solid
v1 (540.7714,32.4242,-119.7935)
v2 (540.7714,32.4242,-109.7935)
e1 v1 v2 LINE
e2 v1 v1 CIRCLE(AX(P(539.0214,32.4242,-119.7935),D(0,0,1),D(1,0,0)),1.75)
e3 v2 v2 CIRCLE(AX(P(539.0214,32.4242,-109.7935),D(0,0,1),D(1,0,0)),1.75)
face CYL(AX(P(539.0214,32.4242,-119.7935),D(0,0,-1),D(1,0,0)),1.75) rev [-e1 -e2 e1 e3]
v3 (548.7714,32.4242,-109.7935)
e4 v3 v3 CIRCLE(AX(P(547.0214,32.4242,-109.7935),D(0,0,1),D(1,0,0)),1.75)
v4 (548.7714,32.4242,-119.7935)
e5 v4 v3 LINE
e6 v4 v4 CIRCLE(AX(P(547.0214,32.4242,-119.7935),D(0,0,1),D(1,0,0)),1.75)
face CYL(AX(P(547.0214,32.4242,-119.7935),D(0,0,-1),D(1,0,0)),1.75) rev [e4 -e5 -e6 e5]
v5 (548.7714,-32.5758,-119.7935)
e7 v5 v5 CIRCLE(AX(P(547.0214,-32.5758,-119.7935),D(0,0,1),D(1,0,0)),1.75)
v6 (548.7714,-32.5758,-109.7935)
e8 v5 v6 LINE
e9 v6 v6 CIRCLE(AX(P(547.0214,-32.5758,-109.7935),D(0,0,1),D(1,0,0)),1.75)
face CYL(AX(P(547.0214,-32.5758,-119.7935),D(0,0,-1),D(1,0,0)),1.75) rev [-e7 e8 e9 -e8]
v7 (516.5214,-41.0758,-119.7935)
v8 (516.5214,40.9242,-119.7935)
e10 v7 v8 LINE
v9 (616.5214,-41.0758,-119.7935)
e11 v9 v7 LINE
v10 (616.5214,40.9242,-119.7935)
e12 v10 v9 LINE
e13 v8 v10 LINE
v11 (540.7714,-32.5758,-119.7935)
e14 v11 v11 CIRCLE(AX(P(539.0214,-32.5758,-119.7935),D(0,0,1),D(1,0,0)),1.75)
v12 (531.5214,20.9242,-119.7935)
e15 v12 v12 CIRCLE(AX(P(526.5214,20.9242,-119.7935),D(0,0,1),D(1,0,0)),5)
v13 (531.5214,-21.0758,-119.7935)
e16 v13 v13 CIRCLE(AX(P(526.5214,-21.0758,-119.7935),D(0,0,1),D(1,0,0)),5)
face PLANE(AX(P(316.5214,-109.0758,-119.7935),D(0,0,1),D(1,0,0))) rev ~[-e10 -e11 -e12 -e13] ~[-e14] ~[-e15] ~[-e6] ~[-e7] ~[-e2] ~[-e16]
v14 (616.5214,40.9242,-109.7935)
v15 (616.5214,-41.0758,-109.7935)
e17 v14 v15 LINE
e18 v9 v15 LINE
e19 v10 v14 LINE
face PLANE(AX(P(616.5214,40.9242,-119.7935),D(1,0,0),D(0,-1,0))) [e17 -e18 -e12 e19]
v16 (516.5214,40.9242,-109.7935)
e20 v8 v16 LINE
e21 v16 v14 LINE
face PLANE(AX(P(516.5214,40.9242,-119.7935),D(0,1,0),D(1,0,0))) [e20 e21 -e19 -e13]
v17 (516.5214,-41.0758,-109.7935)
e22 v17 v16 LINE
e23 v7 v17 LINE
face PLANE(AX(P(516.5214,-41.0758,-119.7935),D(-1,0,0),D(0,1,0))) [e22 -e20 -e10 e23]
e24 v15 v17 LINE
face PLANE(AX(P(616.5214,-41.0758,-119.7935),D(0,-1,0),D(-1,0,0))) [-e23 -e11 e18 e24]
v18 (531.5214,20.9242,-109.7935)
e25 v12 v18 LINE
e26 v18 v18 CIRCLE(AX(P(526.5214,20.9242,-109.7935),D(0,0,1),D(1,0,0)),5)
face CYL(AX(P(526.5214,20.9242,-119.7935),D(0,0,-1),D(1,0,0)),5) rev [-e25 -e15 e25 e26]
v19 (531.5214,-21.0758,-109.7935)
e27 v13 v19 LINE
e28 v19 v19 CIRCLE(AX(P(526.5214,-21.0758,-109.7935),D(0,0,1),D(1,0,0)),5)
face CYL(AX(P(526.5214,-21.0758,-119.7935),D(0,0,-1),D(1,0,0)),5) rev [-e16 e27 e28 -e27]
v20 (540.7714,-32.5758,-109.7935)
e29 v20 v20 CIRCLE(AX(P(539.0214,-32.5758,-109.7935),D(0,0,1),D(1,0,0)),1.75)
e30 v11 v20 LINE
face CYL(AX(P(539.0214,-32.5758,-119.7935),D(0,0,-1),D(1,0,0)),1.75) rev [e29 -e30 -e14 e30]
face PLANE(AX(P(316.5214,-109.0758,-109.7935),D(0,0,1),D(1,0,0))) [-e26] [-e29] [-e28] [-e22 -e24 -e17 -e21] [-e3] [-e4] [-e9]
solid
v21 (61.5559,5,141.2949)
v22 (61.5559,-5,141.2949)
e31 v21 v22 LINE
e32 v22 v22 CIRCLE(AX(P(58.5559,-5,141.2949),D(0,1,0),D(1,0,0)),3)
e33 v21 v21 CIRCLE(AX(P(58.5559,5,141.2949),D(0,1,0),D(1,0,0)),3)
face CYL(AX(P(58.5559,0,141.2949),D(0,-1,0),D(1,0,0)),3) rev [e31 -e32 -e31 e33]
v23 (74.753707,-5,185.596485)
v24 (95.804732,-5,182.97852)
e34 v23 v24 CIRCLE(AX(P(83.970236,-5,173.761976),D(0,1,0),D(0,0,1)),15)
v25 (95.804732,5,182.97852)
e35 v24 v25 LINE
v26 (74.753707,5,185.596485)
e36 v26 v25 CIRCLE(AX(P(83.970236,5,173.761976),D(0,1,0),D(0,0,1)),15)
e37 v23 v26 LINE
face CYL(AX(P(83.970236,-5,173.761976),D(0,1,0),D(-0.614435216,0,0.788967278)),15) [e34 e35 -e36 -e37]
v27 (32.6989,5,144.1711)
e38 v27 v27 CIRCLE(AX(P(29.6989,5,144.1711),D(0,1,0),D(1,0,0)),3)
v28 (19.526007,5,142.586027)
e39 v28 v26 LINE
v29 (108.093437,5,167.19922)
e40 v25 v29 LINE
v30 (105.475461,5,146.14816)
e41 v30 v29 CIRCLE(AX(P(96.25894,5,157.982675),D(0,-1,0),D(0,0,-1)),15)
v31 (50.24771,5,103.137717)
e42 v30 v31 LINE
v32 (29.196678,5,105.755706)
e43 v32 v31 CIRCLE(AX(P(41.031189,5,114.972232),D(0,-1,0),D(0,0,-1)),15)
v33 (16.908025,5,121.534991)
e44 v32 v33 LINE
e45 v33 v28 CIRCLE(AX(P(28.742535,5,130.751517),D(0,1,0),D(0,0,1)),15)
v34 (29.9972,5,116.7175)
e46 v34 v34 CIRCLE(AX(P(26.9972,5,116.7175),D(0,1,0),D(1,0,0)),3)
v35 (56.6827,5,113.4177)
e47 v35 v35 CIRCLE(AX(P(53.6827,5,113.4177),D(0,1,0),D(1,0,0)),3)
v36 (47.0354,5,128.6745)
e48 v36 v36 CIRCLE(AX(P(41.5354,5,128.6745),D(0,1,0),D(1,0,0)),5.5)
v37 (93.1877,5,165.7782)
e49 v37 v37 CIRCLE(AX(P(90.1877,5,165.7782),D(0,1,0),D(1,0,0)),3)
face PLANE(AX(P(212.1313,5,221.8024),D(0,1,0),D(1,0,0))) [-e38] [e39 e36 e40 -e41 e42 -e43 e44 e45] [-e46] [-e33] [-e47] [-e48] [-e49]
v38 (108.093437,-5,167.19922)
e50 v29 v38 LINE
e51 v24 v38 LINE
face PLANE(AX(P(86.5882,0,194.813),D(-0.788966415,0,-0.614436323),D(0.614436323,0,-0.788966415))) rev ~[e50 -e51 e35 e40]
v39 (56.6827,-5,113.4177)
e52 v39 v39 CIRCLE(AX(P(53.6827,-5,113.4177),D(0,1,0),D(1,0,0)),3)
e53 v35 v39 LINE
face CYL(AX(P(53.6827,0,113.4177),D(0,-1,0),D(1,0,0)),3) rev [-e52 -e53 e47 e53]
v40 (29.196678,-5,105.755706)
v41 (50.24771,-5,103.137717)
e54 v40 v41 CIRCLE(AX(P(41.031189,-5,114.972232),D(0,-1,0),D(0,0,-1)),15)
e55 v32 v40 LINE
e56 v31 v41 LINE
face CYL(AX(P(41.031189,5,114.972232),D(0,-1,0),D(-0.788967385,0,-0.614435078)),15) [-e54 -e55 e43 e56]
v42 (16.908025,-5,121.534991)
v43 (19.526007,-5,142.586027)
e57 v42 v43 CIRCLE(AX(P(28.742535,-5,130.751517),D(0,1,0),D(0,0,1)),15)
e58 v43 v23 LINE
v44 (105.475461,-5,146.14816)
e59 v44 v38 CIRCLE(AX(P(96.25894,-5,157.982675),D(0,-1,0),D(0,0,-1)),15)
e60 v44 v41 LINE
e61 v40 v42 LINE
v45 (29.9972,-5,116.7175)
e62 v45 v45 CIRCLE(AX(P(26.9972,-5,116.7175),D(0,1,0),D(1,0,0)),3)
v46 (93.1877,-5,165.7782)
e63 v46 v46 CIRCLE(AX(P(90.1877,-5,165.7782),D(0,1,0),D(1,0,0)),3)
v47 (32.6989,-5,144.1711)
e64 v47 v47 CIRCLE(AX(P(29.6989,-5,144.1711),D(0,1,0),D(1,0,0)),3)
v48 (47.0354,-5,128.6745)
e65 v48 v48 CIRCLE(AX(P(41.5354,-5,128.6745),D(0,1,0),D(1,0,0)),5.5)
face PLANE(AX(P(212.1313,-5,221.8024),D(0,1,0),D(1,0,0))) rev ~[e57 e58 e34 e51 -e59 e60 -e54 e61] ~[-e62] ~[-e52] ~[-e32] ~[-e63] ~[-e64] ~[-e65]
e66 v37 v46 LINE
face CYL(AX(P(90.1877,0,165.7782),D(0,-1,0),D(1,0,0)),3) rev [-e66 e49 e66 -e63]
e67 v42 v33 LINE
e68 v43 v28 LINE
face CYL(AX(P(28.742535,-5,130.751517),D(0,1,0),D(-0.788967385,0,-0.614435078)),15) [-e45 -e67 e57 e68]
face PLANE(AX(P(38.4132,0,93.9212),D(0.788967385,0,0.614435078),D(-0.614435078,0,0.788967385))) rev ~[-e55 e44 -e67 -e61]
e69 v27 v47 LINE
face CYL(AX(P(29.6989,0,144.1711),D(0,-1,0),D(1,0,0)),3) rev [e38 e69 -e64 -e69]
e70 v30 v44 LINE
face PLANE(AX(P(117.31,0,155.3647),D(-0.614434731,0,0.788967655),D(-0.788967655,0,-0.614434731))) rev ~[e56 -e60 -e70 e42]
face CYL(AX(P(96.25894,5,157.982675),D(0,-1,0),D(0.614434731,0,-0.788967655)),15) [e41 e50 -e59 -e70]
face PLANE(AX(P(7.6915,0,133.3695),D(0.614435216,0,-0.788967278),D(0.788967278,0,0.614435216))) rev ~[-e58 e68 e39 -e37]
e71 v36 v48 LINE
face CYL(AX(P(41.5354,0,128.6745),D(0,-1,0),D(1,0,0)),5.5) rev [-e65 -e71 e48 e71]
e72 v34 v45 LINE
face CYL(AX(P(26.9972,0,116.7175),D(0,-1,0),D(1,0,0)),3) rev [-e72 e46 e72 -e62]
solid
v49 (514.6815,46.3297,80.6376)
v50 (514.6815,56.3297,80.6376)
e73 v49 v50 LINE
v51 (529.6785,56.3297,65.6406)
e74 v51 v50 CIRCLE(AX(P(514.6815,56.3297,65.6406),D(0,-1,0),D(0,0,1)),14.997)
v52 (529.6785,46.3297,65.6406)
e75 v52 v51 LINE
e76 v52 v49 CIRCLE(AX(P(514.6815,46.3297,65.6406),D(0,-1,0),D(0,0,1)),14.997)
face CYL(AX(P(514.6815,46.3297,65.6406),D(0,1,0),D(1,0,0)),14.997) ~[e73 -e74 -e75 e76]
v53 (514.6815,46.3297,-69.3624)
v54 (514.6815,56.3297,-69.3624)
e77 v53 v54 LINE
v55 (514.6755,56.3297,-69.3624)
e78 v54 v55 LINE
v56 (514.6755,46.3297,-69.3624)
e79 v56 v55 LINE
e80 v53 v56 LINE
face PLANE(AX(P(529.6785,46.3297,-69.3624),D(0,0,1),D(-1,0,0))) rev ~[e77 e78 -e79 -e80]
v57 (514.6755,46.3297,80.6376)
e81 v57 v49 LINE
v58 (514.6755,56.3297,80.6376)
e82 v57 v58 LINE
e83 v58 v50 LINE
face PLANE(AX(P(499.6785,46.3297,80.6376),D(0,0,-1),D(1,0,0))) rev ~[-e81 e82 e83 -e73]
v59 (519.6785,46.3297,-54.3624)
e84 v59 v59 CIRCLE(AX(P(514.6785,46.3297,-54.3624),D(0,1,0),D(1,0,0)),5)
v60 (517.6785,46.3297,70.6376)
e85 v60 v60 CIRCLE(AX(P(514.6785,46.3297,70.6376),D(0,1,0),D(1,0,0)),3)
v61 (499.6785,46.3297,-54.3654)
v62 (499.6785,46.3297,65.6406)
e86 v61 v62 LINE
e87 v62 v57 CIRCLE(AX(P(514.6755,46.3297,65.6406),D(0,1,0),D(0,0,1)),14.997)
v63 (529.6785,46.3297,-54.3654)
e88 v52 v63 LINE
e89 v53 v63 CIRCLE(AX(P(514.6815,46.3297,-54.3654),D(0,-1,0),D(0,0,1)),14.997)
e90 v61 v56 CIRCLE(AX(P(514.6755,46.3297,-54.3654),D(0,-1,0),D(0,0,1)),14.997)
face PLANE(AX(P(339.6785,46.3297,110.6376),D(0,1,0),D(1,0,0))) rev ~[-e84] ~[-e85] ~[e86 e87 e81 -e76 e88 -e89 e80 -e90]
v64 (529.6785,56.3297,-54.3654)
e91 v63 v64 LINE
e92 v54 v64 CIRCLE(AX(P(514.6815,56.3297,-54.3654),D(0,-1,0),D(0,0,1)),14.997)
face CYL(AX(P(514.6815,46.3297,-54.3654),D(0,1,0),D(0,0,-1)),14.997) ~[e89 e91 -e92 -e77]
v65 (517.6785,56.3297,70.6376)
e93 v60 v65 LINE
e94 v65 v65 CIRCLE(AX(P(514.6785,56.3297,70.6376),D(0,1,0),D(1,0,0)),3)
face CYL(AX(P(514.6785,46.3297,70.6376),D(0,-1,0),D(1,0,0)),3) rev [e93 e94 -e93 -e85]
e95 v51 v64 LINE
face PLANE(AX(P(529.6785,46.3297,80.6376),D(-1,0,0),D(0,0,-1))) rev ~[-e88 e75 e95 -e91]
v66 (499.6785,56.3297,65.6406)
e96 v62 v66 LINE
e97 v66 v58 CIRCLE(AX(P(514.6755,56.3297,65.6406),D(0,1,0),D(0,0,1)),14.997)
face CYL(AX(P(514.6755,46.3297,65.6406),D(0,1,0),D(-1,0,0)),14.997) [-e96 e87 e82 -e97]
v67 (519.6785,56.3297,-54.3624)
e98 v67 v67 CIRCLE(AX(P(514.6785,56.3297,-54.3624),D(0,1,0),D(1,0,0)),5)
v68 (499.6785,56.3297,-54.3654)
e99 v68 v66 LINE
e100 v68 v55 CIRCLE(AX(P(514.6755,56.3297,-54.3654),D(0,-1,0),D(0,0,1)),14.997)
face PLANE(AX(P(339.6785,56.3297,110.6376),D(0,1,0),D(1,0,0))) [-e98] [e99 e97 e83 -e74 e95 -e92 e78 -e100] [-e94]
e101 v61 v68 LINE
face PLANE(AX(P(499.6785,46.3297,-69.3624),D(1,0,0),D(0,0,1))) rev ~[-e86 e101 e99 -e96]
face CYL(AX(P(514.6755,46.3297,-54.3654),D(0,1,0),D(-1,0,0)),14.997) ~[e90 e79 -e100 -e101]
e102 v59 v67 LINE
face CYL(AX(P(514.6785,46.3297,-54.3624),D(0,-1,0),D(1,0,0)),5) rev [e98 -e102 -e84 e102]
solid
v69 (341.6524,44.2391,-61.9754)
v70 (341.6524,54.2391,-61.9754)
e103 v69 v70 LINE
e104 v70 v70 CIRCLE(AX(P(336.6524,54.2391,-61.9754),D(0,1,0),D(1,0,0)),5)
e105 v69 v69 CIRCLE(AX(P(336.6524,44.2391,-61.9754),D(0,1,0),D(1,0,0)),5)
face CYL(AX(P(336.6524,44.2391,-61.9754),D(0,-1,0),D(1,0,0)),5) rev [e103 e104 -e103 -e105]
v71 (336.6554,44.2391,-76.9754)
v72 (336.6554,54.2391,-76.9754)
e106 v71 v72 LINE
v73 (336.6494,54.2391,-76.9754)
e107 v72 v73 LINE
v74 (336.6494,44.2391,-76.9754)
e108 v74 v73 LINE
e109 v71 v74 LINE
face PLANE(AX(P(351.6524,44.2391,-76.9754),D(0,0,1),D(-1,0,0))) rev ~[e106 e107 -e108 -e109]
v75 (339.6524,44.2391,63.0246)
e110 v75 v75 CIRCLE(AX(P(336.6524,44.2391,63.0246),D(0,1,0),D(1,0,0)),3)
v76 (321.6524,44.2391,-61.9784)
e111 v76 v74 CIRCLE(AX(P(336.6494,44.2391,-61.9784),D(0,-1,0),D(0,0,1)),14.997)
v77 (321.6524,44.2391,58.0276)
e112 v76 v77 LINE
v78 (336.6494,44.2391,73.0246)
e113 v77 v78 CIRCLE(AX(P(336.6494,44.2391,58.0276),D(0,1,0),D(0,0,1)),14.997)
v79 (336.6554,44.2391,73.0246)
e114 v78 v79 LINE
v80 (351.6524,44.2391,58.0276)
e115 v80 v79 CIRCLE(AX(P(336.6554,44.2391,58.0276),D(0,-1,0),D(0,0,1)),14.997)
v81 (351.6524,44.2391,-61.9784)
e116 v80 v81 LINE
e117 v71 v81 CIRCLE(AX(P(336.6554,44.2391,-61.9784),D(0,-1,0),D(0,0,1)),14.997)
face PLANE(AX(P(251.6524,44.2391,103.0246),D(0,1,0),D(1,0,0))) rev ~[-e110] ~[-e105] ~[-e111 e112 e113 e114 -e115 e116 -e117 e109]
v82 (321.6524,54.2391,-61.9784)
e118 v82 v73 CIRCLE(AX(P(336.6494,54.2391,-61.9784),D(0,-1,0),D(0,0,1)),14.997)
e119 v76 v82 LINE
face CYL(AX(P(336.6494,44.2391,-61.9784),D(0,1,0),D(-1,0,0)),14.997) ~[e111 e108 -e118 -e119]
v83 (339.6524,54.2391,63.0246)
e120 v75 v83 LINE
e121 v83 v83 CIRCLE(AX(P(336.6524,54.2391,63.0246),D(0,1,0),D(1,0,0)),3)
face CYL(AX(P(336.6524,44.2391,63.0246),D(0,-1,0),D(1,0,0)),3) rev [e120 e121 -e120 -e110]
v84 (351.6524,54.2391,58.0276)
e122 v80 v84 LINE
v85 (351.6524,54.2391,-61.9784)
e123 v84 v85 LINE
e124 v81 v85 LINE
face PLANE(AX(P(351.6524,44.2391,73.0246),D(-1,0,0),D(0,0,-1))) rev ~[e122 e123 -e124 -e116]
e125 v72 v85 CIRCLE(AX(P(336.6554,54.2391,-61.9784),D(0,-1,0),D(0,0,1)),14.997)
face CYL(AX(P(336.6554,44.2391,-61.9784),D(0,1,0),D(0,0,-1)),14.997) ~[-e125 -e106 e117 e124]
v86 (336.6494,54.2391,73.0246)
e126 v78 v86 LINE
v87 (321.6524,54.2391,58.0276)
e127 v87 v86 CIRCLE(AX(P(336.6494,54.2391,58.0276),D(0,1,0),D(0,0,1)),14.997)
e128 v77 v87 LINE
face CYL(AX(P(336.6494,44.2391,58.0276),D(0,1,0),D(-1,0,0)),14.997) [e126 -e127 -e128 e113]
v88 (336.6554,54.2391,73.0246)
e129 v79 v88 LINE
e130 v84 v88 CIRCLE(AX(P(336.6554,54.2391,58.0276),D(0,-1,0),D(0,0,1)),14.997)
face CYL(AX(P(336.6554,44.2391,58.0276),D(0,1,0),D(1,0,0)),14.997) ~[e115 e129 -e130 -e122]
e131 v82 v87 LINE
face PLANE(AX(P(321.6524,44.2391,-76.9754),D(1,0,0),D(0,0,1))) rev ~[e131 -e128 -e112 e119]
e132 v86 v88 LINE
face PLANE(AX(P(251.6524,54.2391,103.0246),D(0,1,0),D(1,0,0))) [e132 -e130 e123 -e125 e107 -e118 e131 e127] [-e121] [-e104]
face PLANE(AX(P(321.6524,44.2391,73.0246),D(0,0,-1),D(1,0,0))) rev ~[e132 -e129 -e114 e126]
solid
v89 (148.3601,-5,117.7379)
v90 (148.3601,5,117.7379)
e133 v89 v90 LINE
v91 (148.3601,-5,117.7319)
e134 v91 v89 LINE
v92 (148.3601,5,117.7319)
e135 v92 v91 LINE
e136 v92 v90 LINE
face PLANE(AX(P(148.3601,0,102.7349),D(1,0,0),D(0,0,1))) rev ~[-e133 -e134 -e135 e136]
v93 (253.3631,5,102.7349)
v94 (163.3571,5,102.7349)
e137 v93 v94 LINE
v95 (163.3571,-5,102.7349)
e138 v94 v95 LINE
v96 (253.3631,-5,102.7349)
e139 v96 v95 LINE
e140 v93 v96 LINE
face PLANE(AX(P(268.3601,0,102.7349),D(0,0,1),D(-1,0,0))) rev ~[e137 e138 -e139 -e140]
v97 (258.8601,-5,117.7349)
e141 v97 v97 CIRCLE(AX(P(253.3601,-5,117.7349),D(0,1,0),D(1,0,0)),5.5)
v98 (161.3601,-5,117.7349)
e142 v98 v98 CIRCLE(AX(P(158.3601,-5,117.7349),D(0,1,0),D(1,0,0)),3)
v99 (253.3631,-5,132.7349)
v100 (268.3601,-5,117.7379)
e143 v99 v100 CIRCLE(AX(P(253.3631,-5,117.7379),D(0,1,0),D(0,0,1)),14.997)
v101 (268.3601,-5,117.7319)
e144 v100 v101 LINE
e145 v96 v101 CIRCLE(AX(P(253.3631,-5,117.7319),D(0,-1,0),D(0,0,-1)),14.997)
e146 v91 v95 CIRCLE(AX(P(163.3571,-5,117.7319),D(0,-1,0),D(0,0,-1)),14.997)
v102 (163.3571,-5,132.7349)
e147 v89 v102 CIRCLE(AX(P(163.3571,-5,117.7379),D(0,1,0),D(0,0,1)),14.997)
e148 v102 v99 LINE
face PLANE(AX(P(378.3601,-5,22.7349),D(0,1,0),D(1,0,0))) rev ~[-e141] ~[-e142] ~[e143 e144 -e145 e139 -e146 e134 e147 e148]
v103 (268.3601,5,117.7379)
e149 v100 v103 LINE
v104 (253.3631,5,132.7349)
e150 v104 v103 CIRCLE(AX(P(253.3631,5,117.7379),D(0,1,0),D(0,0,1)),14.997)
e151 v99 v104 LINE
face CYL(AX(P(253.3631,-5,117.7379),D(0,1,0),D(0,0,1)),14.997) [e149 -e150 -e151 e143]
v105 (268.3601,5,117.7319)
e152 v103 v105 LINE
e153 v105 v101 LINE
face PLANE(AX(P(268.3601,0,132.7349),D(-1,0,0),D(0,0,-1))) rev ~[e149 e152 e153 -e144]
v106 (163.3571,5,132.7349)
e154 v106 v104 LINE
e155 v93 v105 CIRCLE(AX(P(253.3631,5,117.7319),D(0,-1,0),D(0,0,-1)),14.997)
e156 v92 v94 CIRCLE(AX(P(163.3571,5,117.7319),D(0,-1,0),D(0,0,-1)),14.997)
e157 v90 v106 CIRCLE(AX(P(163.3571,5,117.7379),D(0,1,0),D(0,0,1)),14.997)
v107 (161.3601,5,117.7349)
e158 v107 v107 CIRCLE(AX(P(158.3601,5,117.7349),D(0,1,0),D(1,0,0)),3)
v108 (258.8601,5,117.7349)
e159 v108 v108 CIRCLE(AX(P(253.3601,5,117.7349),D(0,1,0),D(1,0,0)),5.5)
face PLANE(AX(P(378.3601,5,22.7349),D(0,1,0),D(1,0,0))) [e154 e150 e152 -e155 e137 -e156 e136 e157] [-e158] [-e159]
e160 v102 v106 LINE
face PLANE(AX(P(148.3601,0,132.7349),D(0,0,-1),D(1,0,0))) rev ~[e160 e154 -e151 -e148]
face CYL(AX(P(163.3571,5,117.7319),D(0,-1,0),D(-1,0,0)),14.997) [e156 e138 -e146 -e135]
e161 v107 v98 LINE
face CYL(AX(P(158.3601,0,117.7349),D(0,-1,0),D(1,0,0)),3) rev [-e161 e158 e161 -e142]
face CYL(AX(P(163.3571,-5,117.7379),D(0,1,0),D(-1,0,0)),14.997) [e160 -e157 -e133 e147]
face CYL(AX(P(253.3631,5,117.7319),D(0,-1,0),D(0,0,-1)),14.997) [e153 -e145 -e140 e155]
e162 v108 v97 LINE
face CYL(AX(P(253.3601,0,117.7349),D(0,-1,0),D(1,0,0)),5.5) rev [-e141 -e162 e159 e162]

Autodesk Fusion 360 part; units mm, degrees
sketch "Sketch19" plane through (0, 0, 0) normal (0, 1, 0) x (1, 0, 0)
  line L0 (-204.4398, 88.4329) -> (-125.5431, 26.9894)
  line L1 (-125.5431, 26.9894) -> (-94.8213, 66.4377)
  line L2 (-94.8213, 66.4377) -> (-173.7181, 127.8812)
  line L3 (-173.7181, 127.8812) -> (-204.4398, 88.4329)
  circle A0 centre (-185.1341, 105.0849) radius 3
  circle A1 centre (-182.4324, 77.6313) radius 3
  circle A2 centre (-153.5754, 80.5075) radius 3
  circle A3 centre (-158.4486, 108.3847) radius 3
  circle A4 centre (-121.9436, 56.0242) radius 3
  circle A5 centre (-170.5959, 93.1279) radius 5.5
  dimension "d188" = 50
  dimension "d189" = 100
  dimension "d190" = 6
  dimension "d191" = 6
  dimension "d192" = 6
  dimension "d193" = 6
  dimension "d194" = 40
  dimension "d195" = 25
  dimension "d196" = 25
  dimension "d197" = 39
  dimension "d198" = 5
  dimension "d199" = 24
  dimension "d200" = 5
  dimension "d201" = 6
  dimension "d202" = 40
  dimension "d227" = 11
  dimension "d228" = 19.5
extrude "Extrude1" add sketch "Sketch19" along normal mid plane 10 makes body 1 in component "Link 1"
fillet "Fillet2" radius 15 4 edges at (-204.4398, 0, -88.4329) (-125.5431, 0, -26.9894) (-173.7181, 0, -127.8812) (-94.8213, 0, -66.4377) on bodies 1 in component "Link 1"
sketch "Sketch20" plane through (0, 0, 0) normal (0, 1, 0) x (1, 0, 0)
  line L0 (-230, -110) -> (-110, -110)
  line L1 (-110, -110) -> (-110, -80)
  line L2 (-110, -80) -> (-230, -80)
  line L3 (-230, -80) -> (-230, -110)
  circle A0 centre (-220, -95) radius 3
  circle A1 centre (-125, -95) radius 5.5
  dimension "d205" = 120
  dimension "d206" = 30
  dimension "d207" = 6
  dimension "d208" = 15
  dimension "d209" = 10
  dimension "d325" = 11
  dimension "d326" = 15
extrude "Extrude1'" add sketch "Sketch20" along normal mid plane 10 separate body makes body 2 in component "Link 2"
fillet "Fillet1" radius 15 4 edges at (-230, 0, 80) (-230, 0, 110) (-110, 0, 110) (-110, 0, 80) on bodies 2 in component "Link 2"
sketch "Sketch1" plane through (0, 0, 0) normal (0, 1, 0) x (1, 0, 0) in component "MDholder"
  line L0 (70, 30) -> (100, 30)
  line L1 (100, 30) -> (100, 180)
  line L2 (100, 180) -> (70, 180)
  line L3 (70, 180) -> (70, 30)
  circle A0 centre (85, 40) radius 3
  circle A1 centre (85, 165) radius 5
  dimension "d253" = 150
  dimension "d254" = 6
  dimension "d262" = 10
  dimension "d327" = 10
  dimension "d328" = 15
extrude "Extrude1''" add sketch "Sketch1" along normal blind 10 separate body makes body 3 in component "MDholder"
fillet "Fillet1'" radius 15 4 edges at (100, 5, -30) (100, 5, -180) (70, 5, -180) (70, 5, -30) on bodies 3 in component "MDholder"
sketch "Sketch1 (2)" plane through (0, 0, 0) normal (0, 1, 0) x (1, 0, 0) in component "holder2"
  line L0 (160, 30) -> (190, 30)
  line L1 (190, 30) -> (190, 180)
  line L2 (190, 180) -> (160, 180)
  line L3 (160, 180) -> (160, 30)
  circle A0 centre (175, 40) radius 3
  circle A1 centre (175, 165) radius 5
  dimension "d259" = 30
  dimension "d260" = 150
  dimension "d261" = 6
  dimension "d263" = 10
  dimension "d329" = 10
  dimension "d330" = 15
extrude "Extrude1'''" add sketch "Sketch1 (2)" along normal blind 10 separate body makes body 4 in component "holder2"
fillet "Fillet1''" radius 15 4 edges at (190, 5, -30) (190, 5, -180) (160, 5, -30) (160, 5, -180) on bodies 4 in component "holder2"
sketch "Sketch1 (3)" plane through (0, 0, 0) normal (0, 0, 1) x (1, 0, 0) in component "MD"
  line L0 (200, 150) -> (300, 150)
  line L1 (300, 150) -> (300, 68)
  line L2 (300, 68) -> (200, 68)
  line L3 (200, 68) -> (200, 150)
  circle A0 centre (222.5, 76.5) radius 1.75
  circle A1 centre (222.5, 141.5) radius 1.75
  circle A2 centre (230.5, 141.5) radius 1.75
  circle A3 centre (230.5, 76.5) radius 1.75
  circle A4 centre (210, 88) radius 5
  circle A5 centre (210, 130) radius 5
  dimension "d268" = 100
  dimension "d269" = 82
  dimension "d270" = 3.5
  dimension "d271" = 22.5
  dimension "d272" = 8.5
  dimension "d273" = 3.5
  dimension "d274" = 8.5
  dimension "d275" = 3.5
  dimension "d276" = 8
  dimension "d277" = 3.5
  dimension "d278" = 8
  dimension "d320" = 10
  dimension "d321" = 20
  dimension "d322" = 10
  dimension "d323" = 10
  dimension "d324" = 20
extrude "Extrude1''''" add sketch "Sketch1 (3)" along normal blind 10 separate body makes body 5 in component "MD"
component "Link 1" placed x (1, 0, 0) y (0, 1, 0) z (0, 0, 1) at (212.1313, 0, 221.8024)
component "Link 2" placed x (1, 0, 0) y (0, 1, 0) z (0, 0, 1) at (378.3601, 0, 22.7349)
component "MDholder" placed x (1, 0, 0) y (0, 1, 0) z (0, 0, 1) at (251.6524, 44.2391, 103.0246)
component "holder2" placed x (1, 0, 0) y (0, 1, 0) z (0, 0, 1) at (339.6785, 46.3297, 110.6376)
component "MD" placed x (1, 0, 0) y (0, 1, 0) z (0, 0, 1) at (316.5214, -109.0758, -119.7935)
